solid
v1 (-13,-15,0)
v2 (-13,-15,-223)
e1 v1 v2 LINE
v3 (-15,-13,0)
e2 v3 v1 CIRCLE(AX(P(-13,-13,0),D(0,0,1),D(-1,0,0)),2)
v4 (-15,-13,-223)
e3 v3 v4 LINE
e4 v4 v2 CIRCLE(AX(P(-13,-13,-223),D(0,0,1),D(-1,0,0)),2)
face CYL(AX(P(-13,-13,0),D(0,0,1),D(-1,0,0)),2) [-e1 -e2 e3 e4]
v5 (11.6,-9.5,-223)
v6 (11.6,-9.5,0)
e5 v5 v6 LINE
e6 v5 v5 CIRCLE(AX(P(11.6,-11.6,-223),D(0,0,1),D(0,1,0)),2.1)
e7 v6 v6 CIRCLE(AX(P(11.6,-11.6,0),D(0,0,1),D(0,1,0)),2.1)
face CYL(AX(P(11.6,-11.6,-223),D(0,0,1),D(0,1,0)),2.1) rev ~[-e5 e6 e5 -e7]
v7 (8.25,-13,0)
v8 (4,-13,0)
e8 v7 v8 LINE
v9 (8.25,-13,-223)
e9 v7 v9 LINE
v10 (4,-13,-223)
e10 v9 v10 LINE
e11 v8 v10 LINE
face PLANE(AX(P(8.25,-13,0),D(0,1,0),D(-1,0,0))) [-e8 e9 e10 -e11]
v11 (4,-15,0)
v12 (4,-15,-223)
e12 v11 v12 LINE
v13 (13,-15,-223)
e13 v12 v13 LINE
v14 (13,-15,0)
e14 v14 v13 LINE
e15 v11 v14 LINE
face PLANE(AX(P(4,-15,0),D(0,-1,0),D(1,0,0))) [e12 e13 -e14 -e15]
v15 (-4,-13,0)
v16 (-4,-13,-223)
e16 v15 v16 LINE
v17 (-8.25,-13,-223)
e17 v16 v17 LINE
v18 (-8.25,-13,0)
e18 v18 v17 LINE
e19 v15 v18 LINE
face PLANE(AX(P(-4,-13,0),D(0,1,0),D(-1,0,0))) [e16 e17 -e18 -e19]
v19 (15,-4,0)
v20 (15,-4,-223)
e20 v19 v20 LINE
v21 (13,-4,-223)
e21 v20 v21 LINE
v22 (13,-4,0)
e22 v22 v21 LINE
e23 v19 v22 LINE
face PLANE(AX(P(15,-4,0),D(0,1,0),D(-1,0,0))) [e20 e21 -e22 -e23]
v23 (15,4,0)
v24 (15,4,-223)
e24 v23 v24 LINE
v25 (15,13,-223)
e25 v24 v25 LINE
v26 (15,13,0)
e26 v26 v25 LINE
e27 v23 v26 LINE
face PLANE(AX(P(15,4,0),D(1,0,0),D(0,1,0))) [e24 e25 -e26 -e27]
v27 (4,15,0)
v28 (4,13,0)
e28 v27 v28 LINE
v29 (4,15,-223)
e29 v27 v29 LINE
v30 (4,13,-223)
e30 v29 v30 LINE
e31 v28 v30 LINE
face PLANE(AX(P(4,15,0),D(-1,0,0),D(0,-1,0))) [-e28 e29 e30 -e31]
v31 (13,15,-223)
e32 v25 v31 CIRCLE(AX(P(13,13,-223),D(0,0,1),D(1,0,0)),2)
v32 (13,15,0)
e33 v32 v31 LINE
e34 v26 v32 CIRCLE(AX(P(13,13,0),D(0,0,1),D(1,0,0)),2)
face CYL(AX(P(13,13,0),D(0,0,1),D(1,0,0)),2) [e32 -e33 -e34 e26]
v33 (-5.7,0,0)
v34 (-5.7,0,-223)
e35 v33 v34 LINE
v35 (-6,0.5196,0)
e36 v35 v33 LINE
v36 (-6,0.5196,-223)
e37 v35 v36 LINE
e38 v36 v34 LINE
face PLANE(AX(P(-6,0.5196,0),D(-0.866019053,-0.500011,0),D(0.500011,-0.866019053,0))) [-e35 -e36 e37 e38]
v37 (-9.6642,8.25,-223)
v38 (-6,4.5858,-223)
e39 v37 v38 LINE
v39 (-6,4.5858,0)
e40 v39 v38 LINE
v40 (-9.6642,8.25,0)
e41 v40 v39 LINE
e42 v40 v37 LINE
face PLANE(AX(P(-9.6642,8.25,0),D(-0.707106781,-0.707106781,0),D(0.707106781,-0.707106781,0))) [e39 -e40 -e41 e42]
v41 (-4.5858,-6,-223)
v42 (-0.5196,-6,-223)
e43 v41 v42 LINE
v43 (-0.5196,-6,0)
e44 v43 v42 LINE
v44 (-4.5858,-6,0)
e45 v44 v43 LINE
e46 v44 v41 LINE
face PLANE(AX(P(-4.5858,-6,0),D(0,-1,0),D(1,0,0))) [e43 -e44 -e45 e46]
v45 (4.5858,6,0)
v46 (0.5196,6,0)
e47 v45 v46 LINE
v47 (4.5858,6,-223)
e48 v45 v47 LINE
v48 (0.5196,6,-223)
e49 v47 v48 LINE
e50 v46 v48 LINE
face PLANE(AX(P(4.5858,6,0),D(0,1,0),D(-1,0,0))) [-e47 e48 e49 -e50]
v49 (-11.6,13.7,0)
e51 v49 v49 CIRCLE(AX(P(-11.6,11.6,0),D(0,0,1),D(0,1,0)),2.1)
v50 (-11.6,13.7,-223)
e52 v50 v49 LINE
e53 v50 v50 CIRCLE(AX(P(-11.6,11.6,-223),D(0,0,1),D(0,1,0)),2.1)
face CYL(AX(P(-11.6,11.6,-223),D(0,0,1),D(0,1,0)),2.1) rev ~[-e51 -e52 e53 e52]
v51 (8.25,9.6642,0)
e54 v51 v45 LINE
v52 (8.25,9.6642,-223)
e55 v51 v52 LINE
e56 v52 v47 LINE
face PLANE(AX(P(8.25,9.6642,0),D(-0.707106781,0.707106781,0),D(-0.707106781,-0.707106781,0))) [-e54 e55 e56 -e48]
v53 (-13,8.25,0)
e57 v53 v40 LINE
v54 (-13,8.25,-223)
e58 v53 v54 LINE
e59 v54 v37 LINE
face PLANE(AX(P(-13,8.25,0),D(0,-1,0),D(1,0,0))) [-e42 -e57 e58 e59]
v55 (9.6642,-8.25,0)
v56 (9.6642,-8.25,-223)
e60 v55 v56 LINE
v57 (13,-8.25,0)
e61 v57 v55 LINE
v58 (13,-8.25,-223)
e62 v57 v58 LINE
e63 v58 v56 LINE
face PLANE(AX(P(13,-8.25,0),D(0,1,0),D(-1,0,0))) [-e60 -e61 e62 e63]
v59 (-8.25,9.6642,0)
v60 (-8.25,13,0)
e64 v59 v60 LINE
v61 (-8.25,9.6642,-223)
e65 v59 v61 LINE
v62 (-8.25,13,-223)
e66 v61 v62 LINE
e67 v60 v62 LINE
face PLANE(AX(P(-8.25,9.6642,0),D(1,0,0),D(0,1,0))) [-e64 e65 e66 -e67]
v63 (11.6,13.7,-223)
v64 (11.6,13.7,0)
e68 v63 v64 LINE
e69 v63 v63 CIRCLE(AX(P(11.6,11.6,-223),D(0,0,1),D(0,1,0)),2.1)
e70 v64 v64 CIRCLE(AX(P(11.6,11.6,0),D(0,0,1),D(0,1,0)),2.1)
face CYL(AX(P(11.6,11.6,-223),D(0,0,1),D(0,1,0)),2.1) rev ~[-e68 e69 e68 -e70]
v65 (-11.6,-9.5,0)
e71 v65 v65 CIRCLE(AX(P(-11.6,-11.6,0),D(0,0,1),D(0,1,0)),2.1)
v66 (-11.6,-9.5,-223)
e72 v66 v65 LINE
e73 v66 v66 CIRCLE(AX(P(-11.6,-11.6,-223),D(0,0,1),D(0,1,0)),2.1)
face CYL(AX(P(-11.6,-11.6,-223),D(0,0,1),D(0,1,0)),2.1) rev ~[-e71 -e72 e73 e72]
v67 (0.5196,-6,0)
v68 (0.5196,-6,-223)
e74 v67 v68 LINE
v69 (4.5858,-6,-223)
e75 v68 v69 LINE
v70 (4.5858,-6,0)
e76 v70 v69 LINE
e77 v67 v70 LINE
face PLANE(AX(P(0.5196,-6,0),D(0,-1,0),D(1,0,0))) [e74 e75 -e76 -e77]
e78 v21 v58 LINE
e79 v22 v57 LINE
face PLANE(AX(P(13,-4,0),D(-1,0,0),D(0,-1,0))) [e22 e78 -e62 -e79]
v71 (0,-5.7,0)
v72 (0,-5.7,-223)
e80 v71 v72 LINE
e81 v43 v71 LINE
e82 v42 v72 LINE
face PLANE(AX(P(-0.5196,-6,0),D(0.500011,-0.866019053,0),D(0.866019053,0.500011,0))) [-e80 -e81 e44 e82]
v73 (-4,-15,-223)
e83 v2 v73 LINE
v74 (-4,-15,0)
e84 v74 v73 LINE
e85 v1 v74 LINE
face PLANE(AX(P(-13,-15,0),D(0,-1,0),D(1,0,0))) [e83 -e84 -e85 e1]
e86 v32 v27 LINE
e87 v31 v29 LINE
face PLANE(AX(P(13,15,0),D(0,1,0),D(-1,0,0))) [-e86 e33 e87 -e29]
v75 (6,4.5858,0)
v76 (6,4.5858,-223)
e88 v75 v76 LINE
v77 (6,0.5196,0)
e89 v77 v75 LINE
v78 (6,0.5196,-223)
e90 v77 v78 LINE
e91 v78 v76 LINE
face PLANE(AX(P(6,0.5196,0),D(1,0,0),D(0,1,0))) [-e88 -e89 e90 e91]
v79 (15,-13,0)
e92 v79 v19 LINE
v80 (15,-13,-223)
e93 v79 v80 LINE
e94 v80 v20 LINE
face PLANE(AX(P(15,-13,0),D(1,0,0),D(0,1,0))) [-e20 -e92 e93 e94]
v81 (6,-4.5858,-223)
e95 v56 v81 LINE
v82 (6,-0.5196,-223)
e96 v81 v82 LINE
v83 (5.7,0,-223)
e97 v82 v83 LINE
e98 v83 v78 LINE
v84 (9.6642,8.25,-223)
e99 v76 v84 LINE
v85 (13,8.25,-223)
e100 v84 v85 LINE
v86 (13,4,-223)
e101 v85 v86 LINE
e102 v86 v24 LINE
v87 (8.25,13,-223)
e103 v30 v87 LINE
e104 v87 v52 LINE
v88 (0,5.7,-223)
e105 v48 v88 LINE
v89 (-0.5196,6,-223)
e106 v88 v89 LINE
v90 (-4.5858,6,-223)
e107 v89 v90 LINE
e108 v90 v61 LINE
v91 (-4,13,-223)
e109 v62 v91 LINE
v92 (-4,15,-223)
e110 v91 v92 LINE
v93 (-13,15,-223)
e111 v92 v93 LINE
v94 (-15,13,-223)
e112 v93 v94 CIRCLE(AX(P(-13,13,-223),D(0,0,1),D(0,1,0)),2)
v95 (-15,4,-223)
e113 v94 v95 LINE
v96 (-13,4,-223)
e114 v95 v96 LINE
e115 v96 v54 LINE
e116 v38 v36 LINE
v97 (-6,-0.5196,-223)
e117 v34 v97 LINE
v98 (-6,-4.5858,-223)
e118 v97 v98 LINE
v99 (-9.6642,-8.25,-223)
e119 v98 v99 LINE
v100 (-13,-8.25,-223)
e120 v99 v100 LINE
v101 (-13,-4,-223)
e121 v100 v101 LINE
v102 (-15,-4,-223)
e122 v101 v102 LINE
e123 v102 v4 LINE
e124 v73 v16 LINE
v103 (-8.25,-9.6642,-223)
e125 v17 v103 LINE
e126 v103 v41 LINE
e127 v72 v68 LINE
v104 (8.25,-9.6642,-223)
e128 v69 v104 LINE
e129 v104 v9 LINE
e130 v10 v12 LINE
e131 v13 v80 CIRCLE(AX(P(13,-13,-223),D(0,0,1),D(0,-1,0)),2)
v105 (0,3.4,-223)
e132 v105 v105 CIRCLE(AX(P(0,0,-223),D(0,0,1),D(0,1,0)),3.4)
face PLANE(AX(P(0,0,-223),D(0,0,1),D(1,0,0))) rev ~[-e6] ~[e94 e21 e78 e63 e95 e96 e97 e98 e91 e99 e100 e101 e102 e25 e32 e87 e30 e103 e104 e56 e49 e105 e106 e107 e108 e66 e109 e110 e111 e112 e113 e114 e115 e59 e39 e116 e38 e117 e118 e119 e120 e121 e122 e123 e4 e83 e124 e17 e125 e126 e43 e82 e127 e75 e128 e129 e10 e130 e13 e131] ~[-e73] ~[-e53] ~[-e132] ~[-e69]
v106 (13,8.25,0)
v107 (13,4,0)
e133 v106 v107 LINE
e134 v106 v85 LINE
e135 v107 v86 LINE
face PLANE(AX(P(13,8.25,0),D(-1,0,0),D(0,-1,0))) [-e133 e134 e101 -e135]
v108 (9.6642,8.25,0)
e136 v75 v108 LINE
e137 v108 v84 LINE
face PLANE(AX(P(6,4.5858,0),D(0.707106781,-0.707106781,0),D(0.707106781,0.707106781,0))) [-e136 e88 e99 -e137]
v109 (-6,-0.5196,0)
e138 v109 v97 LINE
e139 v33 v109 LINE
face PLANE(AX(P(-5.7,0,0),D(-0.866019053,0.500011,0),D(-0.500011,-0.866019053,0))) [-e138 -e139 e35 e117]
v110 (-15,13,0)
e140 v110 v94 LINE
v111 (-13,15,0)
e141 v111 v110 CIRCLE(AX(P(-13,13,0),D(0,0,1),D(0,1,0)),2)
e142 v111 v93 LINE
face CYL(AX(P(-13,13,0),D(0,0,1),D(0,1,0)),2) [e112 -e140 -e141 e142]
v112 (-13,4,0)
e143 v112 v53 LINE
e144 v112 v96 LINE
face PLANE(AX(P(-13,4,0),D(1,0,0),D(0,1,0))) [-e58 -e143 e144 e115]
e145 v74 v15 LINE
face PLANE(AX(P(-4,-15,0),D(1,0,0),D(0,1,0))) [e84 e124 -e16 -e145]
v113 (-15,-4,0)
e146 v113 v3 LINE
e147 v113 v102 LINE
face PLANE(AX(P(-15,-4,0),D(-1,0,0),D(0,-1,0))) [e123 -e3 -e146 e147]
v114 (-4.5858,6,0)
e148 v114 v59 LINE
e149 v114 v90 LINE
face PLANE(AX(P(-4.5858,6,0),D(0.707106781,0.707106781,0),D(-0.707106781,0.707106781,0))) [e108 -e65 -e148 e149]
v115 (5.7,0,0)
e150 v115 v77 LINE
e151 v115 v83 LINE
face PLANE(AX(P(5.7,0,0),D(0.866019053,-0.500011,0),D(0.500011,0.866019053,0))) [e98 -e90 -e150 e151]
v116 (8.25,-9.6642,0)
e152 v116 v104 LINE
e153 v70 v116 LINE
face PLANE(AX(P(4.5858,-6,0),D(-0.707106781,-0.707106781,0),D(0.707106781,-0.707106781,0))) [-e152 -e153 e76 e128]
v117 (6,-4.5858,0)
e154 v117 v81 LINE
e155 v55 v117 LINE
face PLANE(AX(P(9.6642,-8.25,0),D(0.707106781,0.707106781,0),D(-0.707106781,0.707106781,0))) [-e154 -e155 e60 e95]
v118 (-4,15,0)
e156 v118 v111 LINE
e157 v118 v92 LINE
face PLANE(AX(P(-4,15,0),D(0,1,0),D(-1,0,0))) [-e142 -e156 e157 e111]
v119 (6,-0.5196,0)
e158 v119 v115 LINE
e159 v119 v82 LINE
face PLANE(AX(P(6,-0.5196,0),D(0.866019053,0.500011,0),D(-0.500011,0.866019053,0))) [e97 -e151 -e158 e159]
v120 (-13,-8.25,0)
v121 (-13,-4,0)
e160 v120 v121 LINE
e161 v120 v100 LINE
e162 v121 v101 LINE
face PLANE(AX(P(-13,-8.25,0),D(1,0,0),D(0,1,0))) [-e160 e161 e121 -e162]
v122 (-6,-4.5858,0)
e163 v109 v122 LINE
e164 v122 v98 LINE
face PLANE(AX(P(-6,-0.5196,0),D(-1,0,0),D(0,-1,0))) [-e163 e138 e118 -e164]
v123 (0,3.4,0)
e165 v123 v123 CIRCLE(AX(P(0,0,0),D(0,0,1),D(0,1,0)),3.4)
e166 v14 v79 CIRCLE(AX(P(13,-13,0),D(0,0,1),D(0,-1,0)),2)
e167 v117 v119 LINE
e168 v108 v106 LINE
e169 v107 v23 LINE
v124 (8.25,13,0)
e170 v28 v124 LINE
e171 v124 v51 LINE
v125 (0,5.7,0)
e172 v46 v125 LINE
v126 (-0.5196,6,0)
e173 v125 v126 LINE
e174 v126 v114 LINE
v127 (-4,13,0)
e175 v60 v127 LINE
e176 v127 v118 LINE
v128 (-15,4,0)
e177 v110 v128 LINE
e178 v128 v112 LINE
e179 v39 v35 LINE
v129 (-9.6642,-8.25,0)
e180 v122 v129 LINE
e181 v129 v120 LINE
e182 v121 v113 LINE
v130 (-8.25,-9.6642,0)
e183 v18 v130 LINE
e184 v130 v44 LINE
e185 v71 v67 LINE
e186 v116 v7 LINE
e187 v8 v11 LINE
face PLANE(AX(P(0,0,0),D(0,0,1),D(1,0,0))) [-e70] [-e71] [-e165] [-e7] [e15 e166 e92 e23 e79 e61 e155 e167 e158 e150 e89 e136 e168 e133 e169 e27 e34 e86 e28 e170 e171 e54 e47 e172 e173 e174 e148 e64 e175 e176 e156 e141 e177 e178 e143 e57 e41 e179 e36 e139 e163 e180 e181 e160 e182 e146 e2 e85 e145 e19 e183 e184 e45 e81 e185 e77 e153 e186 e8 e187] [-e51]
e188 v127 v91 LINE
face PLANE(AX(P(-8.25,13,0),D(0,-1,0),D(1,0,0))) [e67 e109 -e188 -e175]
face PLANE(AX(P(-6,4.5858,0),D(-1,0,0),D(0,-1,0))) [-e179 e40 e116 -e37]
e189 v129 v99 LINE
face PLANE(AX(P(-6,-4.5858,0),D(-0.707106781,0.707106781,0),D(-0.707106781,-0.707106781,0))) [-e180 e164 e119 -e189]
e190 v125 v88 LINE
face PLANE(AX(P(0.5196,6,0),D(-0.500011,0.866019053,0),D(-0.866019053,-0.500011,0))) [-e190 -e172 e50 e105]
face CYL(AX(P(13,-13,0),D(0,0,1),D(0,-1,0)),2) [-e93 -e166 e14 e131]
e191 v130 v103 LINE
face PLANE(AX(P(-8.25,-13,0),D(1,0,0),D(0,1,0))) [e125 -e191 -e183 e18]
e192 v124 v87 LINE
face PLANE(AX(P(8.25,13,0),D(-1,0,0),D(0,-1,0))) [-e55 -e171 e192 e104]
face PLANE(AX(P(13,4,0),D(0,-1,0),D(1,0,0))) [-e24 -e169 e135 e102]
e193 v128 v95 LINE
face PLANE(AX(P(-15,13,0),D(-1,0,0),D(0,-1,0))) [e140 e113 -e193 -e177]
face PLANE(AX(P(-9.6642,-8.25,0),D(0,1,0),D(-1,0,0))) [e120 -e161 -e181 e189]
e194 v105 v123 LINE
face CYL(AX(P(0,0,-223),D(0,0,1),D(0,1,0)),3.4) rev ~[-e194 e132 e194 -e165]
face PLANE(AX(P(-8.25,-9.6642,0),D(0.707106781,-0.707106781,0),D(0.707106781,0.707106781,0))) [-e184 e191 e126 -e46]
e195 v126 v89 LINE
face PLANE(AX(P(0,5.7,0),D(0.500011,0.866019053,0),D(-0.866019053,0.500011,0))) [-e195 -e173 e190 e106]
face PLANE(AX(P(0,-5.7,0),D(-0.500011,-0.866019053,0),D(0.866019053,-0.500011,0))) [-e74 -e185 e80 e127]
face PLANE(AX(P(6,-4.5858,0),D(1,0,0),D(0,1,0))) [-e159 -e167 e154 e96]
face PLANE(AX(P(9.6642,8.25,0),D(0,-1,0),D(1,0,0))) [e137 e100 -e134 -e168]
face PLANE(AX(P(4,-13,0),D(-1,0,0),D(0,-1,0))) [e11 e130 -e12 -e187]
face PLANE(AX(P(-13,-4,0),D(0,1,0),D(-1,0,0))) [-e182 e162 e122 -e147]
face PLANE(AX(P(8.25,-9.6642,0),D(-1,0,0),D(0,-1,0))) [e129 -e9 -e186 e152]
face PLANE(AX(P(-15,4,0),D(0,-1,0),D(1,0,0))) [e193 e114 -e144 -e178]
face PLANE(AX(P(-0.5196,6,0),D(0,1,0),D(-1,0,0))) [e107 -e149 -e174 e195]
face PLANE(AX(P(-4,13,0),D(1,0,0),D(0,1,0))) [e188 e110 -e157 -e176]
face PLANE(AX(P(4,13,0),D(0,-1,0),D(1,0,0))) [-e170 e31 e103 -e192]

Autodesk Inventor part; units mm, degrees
sketch "Sketch_1" plane through (0, 0, 0) normal (0, 0, 1) x (1, 0, 0)
  line L0 (-15, -4) -> (-15, -13)
  arc A0 (-15, -13) -> (-13, -15) centre (-13, -13) ccw
  line L1 (-13, -15) -> (-4, -15)
  line L2 (-4, -15) -> (-4, -13)
  line L3 (-4, -13) -> (-8.25, -13)
  line L4 (-8.25, -13) -> (-8.25, -9.6642)
  line L5 (-8.25, -9.6642) -> (-4.5858, -6)
  line L6 (-4.5858, -6) -> (-0.5196, -6)
  line L7 (-0.5196, -6) -> (0, -5.7)
  line L8 (0, -5.7) -> (0.5196, -6)
  line L9 (0.5196, -6) -> (4.5858, -6)
  line L10 (4.5858, -6) -> (8.25, -9.6642)
  line L11 (8.25, -9.6642) -> (8.25, -13)
  line L12 (8.25, -13) -> (4, -13)
  line L13 (4, -13) -> (4, -15)
  line L14 (4, -15) -> (13, -15)
  arc A1 (13, -15) -> (15, -13) centre (13, -13) ccw
  line L15 (15, -13) -> (15, -4)
  line L16 (15, -4) -> (13, -4)
  line L17 (13, -4) -> (13, -8.25)
  line L18 (13, -8.25) -> (9.6642, -8.25)
  line L19 (9.6642, -8.25) -> (6, -4.5858)
  line L20 (6, -4.5858) -> (6, -0.5196)
  line L21 (6, -0.5196) -> (5.7, 0)
  line L22 (5.7, 0) -> (6, 0.5196)
  line L23 (6, 0.5196) -> (6, 4.5858)
  line L24 (6, 4.5858) -> (9.6642, 8.25)
  line L25 (9.6642, 8.25) -> (13, 8.25)
  line L26 (13, 8.25) -> (13, 4)
  line L27 (13, 4) -> (15, 4)
  line L28 (15, 4) -> (15, 13)
  arc A2 (15, 13) -> (13, 15) centre (13, 13) ccw
  line L29 (13, 15) -> (4, 15)
  line L30 (4, 15) -> (4, 13)
  line L31 (4, 13) -> (8.25, 13)
  line L32 (8.25, 13) -> (8.25, 9.6642)
  line L33 (8.25, 9.6642) -> (4.5858, 6)
  line L34 (4.5858, 6) -> (0.5196, 6)
  line L35 (0.5196, 6) -> (0, 5.7)
  line L36 (0, 5.7) -> (-0.5196, 6)
  line L37 (-0.5196, 6) -> (-4.5858, 6)
  line L38 (-4.5858, 6) -> (-8.25, 9.6642)
  line L39 (-8.25, 9.6642) -> (-8.25, 13)
  line L40 (-8.25, 13) -> (-4, 13)
  line L41 (-4, 13) -> (-4, 15)
  line L42 (-4, 15) -> (-13, 15)
  arc A3 (-13, 15) -> (-15, 13) centre (-13, 13) ccw
  line L43 (-15, 13) -> (-15, 4)
  line L44 (-15, 4) -> (-13, 4)
  line L45 (-13, 4) -> (-13, 8.25)
  line L46 (-13, 8.25) -> (-9.6642, 8.25)
  line L47 (-9.6642, 8.25) -> (-6, 4.5858)
  line L48 (-6, 4.5858) -> (-6, 0.5196)
  line L49 (-6, 0.5196) -> (-5.7, 0)
  line L50 (-5.7, 0) -> (-6, -0.5196)
  line L51 (-6, -0.5196) -> (-6, -4.5858)
  line L52 (-6, -4.5858) -> (-9.6642, -8.25)
  line L53 (-9.6642, -8.25) -> (-13, -8.25)
  line L54 (-13, -8.25) -> (-13, -4)
  line L55 (-13, -4) -> (-15, -4)
extrude "Extrusion1" add sketch "Sketch_1" against normal blind 223
sketch "Sketch2" plane through (0, 0, -223) normal (0, 0, -1) x (-1, 0, 0)
  point P0 (0, 0)
hole "Hole1" at (0, 0, -223) direction (0, 0, 1) diameter 6.8 depth 223
sketch "Sketch3" plane through (0, 0, -223) normal (0, 0, -1) x (-1, 0, 0)
  point P0 (-11.6, 11.6)
hole "Hole2" at (11.6, 11.6, -223) direction (0, 0, 1) diameter 4.2 depth 223
pattern_linear "Rectangular Pattern1" count 2 spacing 23.2 along (-1, 0, 0) count 2 spacing 23.2 along (0, -1, 0) of "Hole2"
ref_plane "C1_XY" through (0, 0, 0) normal (0, 0, 1) x (1, 0, 0)
ref_plane "C1_YZ" through (0, 0, 0) normal (1, 0, 0) x (0, 1, 0)
ref_plane "C1_ZX" through (0, 0, 0) normal (0, 1, 0) x (0, 0, 1)
ref_plane "to_frame_cap1_XY" through (0, 0, 0) normal (0, 0, 1) x (1, 0, 0)
ref_plane "to_frame_cap1_YZ" through (0, 0, 0) normal (1, 0, 0) x (0, 1, 0)
ref_plane "to_frame_cap1_ZX" through (0, 0, 0) normal (0, 1, 0) x (0, 0, 1)
ref_plane "to_frame_cap2_XY" through (0, 0, -223) normal (0, 0, -1) x (1, 0, 0)
ref_plane "to_frame_cap2_YZ" through (0, 0, -223) normal (1, 0, 0) x (0, -1, 0)
ref_plane "to_frame_cap2_ZX" through (0, 0, -223) normal (0, -1, 0) x (0, 0, -1)
properties part number "HFS6-3030-223"
